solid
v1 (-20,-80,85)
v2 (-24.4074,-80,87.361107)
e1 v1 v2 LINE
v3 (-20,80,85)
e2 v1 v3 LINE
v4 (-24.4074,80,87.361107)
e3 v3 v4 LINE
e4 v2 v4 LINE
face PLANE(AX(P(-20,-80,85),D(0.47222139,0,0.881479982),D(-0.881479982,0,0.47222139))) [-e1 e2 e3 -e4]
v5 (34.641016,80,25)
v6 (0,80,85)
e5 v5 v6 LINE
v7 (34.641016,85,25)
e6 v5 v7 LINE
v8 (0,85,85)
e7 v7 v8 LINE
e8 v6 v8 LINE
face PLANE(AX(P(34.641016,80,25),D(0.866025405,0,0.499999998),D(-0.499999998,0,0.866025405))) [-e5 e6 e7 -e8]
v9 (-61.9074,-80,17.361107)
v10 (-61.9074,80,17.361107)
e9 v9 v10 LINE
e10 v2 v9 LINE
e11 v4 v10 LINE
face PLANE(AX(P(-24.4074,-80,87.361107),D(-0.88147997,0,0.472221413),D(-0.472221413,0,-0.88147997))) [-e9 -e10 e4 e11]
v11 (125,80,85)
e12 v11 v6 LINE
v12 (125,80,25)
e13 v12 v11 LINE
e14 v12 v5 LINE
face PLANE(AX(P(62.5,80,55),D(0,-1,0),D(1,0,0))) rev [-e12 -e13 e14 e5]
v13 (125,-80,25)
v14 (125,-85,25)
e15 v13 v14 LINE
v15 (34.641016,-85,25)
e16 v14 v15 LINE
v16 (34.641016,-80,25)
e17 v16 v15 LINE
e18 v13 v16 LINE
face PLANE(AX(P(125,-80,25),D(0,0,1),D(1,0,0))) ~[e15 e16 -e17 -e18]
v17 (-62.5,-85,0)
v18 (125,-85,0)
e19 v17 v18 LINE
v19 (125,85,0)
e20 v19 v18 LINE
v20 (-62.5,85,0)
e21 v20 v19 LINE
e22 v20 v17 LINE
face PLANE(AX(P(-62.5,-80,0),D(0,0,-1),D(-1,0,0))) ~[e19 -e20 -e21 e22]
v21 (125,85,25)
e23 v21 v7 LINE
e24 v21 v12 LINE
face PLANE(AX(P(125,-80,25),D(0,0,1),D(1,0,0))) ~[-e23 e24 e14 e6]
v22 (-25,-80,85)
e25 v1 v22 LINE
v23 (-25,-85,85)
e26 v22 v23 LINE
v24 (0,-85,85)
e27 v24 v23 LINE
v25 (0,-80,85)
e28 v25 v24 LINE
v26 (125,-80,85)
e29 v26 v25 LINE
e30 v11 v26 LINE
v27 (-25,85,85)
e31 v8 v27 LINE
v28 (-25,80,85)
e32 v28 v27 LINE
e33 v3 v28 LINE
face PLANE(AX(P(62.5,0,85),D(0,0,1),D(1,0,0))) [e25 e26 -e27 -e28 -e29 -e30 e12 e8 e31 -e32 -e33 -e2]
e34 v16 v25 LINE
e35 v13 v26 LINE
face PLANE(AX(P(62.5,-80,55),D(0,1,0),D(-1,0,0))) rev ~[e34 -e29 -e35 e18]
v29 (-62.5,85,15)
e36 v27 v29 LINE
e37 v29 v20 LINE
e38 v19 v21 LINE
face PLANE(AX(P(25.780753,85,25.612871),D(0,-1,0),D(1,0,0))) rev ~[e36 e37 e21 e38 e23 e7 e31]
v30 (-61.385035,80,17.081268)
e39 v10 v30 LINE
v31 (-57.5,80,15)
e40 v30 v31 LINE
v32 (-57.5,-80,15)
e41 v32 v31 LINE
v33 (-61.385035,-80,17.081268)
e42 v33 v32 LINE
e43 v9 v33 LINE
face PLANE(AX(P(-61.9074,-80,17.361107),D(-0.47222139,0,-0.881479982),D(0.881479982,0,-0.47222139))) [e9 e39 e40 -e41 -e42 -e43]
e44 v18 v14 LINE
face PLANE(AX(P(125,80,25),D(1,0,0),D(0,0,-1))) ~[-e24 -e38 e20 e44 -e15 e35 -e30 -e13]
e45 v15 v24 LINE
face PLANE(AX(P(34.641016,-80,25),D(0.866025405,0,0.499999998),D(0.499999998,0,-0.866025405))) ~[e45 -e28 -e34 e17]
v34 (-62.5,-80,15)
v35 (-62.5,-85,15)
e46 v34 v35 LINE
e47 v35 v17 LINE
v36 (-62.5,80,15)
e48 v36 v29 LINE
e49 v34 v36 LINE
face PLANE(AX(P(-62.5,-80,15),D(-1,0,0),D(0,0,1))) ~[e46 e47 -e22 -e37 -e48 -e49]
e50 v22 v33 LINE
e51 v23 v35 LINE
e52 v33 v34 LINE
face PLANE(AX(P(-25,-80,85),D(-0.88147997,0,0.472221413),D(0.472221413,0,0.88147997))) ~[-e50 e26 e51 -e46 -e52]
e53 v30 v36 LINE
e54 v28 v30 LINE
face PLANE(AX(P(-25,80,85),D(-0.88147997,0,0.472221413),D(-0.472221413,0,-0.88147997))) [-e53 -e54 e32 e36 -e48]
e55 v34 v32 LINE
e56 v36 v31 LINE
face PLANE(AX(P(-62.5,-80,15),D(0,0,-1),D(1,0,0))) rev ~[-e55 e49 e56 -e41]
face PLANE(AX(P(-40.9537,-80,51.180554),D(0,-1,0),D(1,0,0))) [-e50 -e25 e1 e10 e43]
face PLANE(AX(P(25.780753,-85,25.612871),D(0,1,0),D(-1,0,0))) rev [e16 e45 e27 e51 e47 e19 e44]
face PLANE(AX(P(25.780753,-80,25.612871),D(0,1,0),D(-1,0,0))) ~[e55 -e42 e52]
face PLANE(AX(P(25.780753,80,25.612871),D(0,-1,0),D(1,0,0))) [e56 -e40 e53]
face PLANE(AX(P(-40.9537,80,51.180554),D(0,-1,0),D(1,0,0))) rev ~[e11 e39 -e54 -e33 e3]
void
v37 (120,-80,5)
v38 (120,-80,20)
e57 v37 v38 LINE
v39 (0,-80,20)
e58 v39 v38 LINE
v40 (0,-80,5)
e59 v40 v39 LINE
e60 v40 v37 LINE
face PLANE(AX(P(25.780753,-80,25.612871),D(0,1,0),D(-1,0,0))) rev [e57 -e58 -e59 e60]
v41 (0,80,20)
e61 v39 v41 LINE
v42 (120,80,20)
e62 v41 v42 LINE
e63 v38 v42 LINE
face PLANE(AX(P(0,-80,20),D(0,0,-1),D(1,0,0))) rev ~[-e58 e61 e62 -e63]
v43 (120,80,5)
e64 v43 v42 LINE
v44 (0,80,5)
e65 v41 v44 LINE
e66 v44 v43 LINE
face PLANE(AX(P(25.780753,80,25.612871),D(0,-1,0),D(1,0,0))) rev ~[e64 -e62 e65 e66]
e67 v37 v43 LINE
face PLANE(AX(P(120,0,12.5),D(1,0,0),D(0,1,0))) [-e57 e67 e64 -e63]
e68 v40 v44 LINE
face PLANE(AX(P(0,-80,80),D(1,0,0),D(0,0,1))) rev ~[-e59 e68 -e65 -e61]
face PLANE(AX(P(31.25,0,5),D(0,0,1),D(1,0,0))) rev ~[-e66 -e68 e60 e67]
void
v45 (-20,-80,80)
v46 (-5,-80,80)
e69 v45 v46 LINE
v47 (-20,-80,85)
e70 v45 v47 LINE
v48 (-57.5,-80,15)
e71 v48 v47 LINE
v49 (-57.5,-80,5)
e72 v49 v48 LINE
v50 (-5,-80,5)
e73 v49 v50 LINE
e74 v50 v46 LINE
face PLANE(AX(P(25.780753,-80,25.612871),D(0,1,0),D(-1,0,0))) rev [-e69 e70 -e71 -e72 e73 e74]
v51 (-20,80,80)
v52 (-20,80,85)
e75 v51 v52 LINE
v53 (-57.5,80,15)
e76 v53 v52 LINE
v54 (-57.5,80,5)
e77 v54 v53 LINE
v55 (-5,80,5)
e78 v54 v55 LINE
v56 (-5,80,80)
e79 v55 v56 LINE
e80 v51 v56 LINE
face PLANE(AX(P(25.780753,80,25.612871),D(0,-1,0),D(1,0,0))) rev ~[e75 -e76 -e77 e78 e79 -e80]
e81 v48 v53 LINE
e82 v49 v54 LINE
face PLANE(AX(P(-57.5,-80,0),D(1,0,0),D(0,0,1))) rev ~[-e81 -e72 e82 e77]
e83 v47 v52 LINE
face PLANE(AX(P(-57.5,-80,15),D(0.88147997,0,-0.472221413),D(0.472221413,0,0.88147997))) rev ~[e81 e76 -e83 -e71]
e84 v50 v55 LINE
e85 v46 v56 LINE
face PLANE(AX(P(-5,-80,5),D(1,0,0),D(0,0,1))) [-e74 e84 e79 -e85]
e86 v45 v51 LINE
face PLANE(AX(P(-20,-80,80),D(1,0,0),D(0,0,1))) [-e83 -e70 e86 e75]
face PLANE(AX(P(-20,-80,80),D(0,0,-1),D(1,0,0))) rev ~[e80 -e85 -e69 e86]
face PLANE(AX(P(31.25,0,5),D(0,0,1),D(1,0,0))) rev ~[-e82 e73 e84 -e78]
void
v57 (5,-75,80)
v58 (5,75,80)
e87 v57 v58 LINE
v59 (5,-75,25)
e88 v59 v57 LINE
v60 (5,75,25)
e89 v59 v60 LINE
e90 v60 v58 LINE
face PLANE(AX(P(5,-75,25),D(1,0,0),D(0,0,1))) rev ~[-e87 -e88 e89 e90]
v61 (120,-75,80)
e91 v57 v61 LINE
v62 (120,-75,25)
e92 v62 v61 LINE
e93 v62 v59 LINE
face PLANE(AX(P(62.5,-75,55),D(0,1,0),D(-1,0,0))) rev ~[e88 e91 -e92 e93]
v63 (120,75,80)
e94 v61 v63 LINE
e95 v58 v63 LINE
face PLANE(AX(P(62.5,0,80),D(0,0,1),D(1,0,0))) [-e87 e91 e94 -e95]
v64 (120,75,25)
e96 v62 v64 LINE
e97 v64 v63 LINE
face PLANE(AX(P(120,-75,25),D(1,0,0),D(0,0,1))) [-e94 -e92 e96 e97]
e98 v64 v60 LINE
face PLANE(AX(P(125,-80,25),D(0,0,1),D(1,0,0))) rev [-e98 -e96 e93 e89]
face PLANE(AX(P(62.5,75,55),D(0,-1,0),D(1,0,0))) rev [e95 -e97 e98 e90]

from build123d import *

# Parameters (mm, degrees)
SKETCH_W     = 177.5
SKETCH_H     = 160
PAD_DEPTH    = 5
SKETCH001_W  = 5
SKETCH001_H  = 15
PAD001_DEPTH = 160
SKETCH002_W  = 5
SKETCH002_H  = 75
PAD002_DEPTH = 160
SKETCH003_W  = 20
SKETCH003_H  = 5
PAD003_DEPTH = 160
SKETCH004_W  = 120
SKETCH004_H  = 5
PAD004_DEPTH = 160
SKETCH005_W  = 160
SKETCH005_H  = 25
PAD005_DEPTH = 5
PAD006_DEPTH = 5
PAD007_DEPTH = 160
SKETCH008_W  = 125
SKETCH008_H  = 60
PAD008_DEPTH = 5
SKETCH009_W  = 5
SKETCH009_H  = 60
PAD009_DEPTH = 150
SKETCH010_W  = 5
SKETCH010_H  = 60
PAD010_DEPTH = 150
SKETCH011_W  = 115
SKETCH011_H  = 150
PAD011_DEPTH = 5


with BuildPart() as part:
    # Sketch → Pad (new body)
    with BuildSketch(Plane.XY):
        with Locations((31.25, 0)):
            Rectangle(SKETCH_W, SKETCH_H)
    extrude(amount=PAD_DEPTH)

    # Sketch001 (on Face3 of Pad) → Pad001 (join)
    with BuildSketch(Plane.XZ.offset(80)):
        with Locations((-60, 7.5)):
            Rectangle(SKETCH001_W, SKETCH001_H)
    extrude(amount=-PAD001_DEPTH)

    # Sketch002 (on Face3 of Pad001) → Pad002 (join)
    with BuildSketch(Plane.XZ.offset(80)):
        with Locations((-2.5, 42.5)):
            Rectangle(SKETCH002_W, SKETCH002_H)
    extrude(amount=-PAD002_DEPTH)

    # Sketch003 (on Face10 of Pad002) → Pad003 (join)
    with BuildSketch(Plane.XZ.offset(80)):
        with Locations((-10, 82.5)):
            Rectangle(SKETCH003_W, SKETCH003_H)
    extrude(amount=-PAD003_DEPTH)

    # Sketch004 (on Face3 of Pad003) → Pad004 (join)
    with BuildSketch(Plane.XZ.offset(80)):
        with Locations((60, 22.5)):
            Rectangle(SKETCH004_W, SKETCH004_H)
    extrude(amount=-PAD004_DEPTH)

    # Sketch005 (on Face28 of Pad004) → Pad005 (join)
    with BuildSketch(Plane.YZ.offset(120)):
        with Locations((0, 12.5)):
            Rectangle(SKETCH005_W, SKETCH005_H)
    extrude(amount=PAD005_DEPTH)

    # Sketch006 (on Face11 of Pad005) → Pad006 (join)
    with BuildSketch(Plane(origin=(0, 80, 0), x_dir=(-1, 0, 0), z_dir=(0, 1, 0))):
        Polygon((62.5, 15), (62.5, 0), (-125, 0), (-125, 25), (-34.641016, 25), (0, 85), (25, 85), align=None)
    pad006 = extrude(amount=PAD006_DEPTH)

    # Sketch007 (on Face14 of Pad006) → Pad007 (join)
    with BuildSketch(Plane.XZ.offset(80)):
        Polygon((-57.5, 15), (-20, 85), (-24.4074, 87.361107), (-61.9074, 17.361107), align=None)
    extrude(amount=-PAD007_DEPTH)

    # Mirrored: Pad006 across XZ
    add(pad006.mirror(Plane.XZ))

    # Sketch008 (on Face36 of Mirrored) → Pad008 (join)
    with BuildSketch(Plane(origin=(0, -80, 0), x_dir=(-1, 0, 0), z_dir=(0, 1, 0))):
        with Locations((-62.5, 55)):
            Rectangle(SKETCH008_W, SKETCH008_H)
    pad008 = extrude(amount=PAD008_DEPTH)

    # Sketch009 (on Face37 of Pad008) → Pad009 (join)
    with BuildSketch(Plane(origin=(0, -75, 0), x_dir=(-1, 0, 0), z_dir=(0, 1, 0))):
        with Locations((-122.5, 55)):
            Rectangle(SKETCH009_W, SKETCH009_H)
    extrude(amount=PAD009_DEPTH)

    # Sketch010 (on Face39 of Pad009) → Pad010 (join)
    with BuildSketch(Plane(origin=(0, -75, 0), x_dir=(-1, 0, 0), z_dir=(0, 1, 0))):
        with Locations((-2.5, 55)):
            Rectangle(SKETCH010_W, SKETCH010_H)
    extrude(amount=PAD010_DEPTH)

    # Mirrored001: Pad008 across XZ
    add(pad008.mirror(Plane.XZ))

    # Sketch011 (on Face30 of Mirrored001) → Pad011 (join)
    with BuildSketch(Plane.XY.offset(85)):
        with Locations((62.5, 0)):
            Rectangle(SKETCH011_W, SKETCH011_H)
    extrude(amount=-PAD011_DEPTH)


solid = part.part
